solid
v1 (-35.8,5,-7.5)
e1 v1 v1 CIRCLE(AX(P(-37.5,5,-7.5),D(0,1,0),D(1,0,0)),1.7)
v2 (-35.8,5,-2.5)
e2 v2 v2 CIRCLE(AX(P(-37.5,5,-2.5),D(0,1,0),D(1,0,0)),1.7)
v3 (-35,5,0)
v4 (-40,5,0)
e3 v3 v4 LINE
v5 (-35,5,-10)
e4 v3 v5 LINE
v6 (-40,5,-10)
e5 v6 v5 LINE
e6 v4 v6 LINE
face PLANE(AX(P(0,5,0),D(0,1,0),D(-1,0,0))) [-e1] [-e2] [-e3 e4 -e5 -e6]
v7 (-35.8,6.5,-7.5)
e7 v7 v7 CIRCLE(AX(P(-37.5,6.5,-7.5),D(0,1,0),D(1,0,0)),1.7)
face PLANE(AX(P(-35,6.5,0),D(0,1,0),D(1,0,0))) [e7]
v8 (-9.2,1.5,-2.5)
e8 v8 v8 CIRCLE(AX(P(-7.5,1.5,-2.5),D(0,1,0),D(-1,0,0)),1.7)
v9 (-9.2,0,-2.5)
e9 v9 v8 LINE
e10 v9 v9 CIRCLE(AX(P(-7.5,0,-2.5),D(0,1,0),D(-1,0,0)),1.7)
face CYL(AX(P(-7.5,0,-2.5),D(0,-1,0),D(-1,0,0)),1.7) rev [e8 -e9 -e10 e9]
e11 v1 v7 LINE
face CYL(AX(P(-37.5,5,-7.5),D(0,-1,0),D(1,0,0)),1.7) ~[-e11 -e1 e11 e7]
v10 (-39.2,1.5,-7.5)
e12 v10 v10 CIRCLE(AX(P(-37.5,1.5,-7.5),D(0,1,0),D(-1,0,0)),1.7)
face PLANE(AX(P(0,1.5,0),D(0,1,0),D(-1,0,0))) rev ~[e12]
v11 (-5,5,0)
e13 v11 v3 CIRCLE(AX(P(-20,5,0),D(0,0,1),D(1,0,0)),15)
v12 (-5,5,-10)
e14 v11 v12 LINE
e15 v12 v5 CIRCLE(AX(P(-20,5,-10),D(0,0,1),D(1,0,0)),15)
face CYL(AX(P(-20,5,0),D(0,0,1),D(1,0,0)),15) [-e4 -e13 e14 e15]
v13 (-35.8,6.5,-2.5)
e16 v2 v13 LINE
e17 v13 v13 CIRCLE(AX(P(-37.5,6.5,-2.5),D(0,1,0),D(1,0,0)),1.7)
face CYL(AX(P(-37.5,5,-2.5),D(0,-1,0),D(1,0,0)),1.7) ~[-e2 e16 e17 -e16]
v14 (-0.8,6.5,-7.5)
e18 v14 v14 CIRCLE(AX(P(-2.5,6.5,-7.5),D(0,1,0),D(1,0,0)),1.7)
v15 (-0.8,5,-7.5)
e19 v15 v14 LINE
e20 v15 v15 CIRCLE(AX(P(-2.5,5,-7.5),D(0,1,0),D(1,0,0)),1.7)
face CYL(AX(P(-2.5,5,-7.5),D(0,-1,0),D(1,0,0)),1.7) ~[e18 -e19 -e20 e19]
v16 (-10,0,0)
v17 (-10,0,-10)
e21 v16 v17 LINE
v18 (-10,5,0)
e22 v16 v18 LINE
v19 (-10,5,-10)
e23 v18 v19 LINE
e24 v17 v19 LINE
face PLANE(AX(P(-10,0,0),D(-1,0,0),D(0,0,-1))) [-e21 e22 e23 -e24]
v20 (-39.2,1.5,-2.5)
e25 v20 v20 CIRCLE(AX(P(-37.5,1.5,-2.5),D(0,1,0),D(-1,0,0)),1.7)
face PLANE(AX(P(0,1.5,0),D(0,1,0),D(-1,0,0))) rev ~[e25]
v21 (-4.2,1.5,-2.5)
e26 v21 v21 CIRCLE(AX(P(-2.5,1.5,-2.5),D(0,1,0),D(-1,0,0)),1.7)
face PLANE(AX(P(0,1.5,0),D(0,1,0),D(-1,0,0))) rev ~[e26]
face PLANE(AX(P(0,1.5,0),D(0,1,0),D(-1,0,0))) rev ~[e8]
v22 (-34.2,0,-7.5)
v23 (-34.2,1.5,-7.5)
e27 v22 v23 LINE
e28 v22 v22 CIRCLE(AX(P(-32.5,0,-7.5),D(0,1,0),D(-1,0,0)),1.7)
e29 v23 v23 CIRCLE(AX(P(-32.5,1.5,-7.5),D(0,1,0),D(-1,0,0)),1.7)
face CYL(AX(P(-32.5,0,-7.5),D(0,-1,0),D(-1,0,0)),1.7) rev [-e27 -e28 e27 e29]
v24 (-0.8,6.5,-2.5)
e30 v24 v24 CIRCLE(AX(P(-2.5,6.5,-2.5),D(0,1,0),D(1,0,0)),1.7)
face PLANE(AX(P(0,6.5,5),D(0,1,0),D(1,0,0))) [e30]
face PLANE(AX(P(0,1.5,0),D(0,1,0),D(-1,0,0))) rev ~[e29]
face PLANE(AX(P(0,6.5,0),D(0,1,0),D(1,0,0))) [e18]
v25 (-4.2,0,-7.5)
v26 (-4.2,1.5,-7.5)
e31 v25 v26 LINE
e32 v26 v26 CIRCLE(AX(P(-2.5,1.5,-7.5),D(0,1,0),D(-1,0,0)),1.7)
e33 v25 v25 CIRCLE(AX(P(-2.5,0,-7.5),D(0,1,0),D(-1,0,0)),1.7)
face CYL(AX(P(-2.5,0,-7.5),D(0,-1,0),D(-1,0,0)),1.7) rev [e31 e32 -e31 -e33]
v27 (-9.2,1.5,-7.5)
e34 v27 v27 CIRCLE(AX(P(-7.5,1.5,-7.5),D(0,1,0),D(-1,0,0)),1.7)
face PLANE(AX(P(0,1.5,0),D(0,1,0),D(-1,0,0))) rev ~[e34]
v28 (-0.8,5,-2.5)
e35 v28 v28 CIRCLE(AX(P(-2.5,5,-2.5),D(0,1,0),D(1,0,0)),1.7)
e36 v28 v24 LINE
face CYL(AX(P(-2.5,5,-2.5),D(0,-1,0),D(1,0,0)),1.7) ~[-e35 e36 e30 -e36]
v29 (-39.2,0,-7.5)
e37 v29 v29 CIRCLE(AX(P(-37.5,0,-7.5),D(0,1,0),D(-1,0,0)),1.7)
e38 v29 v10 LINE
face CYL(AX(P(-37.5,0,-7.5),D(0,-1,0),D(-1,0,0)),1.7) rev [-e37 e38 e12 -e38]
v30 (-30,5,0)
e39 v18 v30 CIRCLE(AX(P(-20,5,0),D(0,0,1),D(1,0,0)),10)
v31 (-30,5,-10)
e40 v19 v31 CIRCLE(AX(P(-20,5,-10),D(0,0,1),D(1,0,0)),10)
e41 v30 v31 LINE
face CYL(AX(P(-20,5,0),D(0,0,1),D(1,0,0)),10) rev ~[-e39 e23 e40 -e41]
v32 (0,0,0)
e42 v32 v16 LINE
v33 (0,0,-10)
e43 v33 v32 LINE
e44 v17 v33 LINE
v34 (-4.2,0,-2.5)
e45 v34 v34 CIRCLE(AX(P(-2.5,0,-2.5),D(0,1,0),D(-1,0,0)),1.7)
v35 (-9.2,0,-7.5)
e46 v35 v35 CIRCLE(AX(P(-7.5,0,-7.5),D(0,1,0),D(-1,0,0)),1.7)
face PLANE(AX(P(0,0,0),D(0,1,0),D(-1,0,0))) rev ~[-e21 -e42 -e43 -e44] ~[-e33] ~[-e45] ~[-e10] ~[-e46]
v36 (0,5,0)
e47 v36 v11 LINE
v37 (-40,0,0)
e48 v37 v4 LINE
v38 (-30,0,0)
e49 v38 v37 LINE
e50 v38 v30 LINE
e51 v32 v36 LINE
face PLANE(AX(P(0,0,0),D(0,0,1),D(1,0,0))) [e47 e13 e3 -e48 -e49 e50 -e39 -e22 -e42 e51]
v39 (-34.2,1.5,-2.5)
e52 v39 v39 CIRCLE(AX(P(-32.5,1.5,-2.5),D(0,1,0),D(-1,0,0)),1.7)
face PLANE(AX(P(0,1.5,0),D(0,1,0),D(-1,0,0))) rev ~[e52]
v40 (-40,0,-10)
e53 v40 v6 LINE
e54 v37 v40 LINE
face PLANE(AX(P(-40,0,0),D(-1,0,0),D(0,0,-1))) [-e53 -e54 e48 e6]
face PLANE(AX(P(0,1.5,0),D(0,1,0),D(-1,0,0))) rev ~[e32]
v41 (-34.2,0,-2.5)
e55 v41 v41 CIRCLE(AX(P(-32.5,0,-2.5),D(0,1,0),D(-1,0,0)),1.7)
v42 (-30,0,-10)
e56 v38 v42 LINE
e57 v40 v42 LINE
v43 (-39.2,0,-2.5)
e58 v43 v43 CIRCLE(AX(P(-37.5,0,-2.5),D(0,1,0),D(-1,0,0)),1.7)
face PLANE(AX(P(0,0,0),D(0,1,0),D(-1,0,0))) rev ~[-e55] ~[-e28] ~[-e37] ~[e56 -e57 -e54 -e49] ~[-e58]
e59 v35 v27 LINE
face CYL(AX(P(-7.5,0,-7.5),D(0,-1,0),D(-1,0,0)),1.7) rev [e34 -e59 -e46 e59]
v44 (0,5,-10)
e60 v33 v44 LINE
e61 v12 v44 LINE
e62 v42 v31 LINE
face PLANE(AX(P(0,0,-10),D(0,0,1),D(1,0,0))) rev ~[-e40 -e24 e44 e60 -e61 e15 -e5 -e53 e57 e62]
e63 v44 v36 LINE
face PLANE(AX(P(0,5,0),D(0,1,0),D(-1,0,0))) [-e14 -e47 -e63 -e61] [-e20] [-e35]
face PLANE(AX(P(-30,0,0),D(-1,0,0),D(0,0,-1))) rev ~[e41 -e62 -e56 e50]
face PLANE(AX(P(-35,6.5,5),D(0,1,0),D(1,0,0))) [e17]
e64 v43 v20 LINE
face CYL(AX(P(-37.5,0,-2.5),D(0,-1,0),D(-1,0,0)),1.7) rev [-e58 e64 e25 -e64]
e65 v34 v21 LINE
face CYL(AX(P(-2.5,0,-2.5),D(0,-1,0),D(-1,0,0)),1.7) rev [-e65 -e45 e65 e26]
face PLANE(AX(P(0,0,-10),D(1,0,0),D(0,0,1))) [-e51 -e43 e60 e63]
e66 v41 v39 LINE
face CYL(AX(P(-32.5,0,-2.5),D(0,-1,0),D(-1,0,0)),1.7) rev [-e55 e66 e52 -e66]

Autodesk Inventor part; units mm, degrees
ref_plane "YZ Plane" through (0, 0, 0) normal (1, 0, 0) x (0, 1, 0)
ref_plane "XZ Plane" through (0, 0, 0) normal (0, 1, 0) x (-1, 0, 0)
ref_plane "XY Plane" through (0, 0, 0) normal (0, 0, 1) x (1, 0, 0)
sketch "草圖1" plane through (0, 0, 0) normal (0, 1, 0) x (-1, 0, 0)
  line L0 (0, 0) -> (40, 0)
  line L1 (40, 0) -> (40, -10)
  line L2 (40, -10) -> (0, -10)
  line L3 (0, -10) -> (0, 0)
  line L4 (0, 0) -> (10, 0)
  line L5 (10, 0) -> (10, -10)
  line L6 (10, -10) -> (0, -10)
  line L7 (0, -10) -> (0, 0)
  line L8 (40, 0) -> (30, 0)
  line L9 (30, 0) -> (30, -10)
  line L10 (30, -10) -> (40, -10)
  line L11 (40, -10) -> (40, 0)
  circle A0 centre (7.5, -2.5) radius 1.7
  circle A1 centre (7.5, -7.5) radius 1.7
  circle A2 centre (2.5, -2.5) radius 1.7
  circle A3 centre (2.5, -7.5) radius 1.7
  line L12 (20, 0) -> (20, -10) construction
  circle A4 centre (32.5, -2.5) radius 1.7
  circle A5 centre (32.5, -7.5) radius 1.7
  circle A6 centre (37.5, -2.5) radius 1.7
  circle A7 centre (37.5, -7.5) radius 1.7
  dimension "d0" = 40
  dimension "d1" = 10
  dimension "d2" = 10
  dimension "d3" = 10
  dimension "d4" = 10
  dimension "d5" = 10
  dimension "d6" = 3.4
  dimension "d7" = 2.5
  dimension "d8" = 2.5
  dimension "d11" = 5
  dimension "d14" = 5
extrude "擠出1" add sketch "草圖1" along normal blind 5 contours L0 L5 L2 L3 | L0 L1 L2 L9 | A0 | A1 | A2 | A3 | A4 | A5 | A6 | A7
extrude "擠出2" cut sketch "草圖1" along normal blind 1.5 contours A0 | A1 | A2 | A3 | A4 | A5 | A6 | A7
sketch "草圖2" plane through (0, 0, 0) normal (0, 0, 1) x (1, 0, 0)
  line L0 (-40, 0) -> (-30, 0) projected
  line L1 (-30, 0) -> (-30, 5) projected
  line L2 (-40, 5) -> (-30, 5) projected
  line L3 (-40, 0) -> (-40, 5) projected
  line L4 (-10, 0) -> (0, 0) projected
  line L5 (0, 0) -> (0, 5) projected
  line L6 (-10, 5) -> (0, 5) projected
  line L7 (-10, 0) -> (-10, 5) projected
  line L8 (-30, 5) -> (-10, 5) construction
  line L9 (-10, 0) -> (-10, 5) construction
  arc A0 (-10, 5) -> (-30, 5) centre (-20, 5) ccw
  line L10 (-5.8579, 0) -> (-10, 0) construction
  arc A1 (-5, 5) -> (-35, 5) centre (-20, 5) ccw
  dimension "d21" = 5
extrude "擠出3" add sketch "草圖2" against normal blind 10 contours L2 A1 L6 A0
sketch "草圖3" plane through (0, 5, 0) normal (0, 1, 0) x (1, 0, 0)
  circle A0 centre (-2.5, 7.5) radius 1.7 projected
  point P0 (0, 0)
extrude "擠出4" add sketch "草圖3" along normal blind 1.5
pattern_linear "矩形陣列1" count 2 spacing 5 along (0, 0, 1) count 2 spacing 35 along (-1, 0, 0) of "擠出4"
properties part number "110033226_ipt_40_背流拱橋"
